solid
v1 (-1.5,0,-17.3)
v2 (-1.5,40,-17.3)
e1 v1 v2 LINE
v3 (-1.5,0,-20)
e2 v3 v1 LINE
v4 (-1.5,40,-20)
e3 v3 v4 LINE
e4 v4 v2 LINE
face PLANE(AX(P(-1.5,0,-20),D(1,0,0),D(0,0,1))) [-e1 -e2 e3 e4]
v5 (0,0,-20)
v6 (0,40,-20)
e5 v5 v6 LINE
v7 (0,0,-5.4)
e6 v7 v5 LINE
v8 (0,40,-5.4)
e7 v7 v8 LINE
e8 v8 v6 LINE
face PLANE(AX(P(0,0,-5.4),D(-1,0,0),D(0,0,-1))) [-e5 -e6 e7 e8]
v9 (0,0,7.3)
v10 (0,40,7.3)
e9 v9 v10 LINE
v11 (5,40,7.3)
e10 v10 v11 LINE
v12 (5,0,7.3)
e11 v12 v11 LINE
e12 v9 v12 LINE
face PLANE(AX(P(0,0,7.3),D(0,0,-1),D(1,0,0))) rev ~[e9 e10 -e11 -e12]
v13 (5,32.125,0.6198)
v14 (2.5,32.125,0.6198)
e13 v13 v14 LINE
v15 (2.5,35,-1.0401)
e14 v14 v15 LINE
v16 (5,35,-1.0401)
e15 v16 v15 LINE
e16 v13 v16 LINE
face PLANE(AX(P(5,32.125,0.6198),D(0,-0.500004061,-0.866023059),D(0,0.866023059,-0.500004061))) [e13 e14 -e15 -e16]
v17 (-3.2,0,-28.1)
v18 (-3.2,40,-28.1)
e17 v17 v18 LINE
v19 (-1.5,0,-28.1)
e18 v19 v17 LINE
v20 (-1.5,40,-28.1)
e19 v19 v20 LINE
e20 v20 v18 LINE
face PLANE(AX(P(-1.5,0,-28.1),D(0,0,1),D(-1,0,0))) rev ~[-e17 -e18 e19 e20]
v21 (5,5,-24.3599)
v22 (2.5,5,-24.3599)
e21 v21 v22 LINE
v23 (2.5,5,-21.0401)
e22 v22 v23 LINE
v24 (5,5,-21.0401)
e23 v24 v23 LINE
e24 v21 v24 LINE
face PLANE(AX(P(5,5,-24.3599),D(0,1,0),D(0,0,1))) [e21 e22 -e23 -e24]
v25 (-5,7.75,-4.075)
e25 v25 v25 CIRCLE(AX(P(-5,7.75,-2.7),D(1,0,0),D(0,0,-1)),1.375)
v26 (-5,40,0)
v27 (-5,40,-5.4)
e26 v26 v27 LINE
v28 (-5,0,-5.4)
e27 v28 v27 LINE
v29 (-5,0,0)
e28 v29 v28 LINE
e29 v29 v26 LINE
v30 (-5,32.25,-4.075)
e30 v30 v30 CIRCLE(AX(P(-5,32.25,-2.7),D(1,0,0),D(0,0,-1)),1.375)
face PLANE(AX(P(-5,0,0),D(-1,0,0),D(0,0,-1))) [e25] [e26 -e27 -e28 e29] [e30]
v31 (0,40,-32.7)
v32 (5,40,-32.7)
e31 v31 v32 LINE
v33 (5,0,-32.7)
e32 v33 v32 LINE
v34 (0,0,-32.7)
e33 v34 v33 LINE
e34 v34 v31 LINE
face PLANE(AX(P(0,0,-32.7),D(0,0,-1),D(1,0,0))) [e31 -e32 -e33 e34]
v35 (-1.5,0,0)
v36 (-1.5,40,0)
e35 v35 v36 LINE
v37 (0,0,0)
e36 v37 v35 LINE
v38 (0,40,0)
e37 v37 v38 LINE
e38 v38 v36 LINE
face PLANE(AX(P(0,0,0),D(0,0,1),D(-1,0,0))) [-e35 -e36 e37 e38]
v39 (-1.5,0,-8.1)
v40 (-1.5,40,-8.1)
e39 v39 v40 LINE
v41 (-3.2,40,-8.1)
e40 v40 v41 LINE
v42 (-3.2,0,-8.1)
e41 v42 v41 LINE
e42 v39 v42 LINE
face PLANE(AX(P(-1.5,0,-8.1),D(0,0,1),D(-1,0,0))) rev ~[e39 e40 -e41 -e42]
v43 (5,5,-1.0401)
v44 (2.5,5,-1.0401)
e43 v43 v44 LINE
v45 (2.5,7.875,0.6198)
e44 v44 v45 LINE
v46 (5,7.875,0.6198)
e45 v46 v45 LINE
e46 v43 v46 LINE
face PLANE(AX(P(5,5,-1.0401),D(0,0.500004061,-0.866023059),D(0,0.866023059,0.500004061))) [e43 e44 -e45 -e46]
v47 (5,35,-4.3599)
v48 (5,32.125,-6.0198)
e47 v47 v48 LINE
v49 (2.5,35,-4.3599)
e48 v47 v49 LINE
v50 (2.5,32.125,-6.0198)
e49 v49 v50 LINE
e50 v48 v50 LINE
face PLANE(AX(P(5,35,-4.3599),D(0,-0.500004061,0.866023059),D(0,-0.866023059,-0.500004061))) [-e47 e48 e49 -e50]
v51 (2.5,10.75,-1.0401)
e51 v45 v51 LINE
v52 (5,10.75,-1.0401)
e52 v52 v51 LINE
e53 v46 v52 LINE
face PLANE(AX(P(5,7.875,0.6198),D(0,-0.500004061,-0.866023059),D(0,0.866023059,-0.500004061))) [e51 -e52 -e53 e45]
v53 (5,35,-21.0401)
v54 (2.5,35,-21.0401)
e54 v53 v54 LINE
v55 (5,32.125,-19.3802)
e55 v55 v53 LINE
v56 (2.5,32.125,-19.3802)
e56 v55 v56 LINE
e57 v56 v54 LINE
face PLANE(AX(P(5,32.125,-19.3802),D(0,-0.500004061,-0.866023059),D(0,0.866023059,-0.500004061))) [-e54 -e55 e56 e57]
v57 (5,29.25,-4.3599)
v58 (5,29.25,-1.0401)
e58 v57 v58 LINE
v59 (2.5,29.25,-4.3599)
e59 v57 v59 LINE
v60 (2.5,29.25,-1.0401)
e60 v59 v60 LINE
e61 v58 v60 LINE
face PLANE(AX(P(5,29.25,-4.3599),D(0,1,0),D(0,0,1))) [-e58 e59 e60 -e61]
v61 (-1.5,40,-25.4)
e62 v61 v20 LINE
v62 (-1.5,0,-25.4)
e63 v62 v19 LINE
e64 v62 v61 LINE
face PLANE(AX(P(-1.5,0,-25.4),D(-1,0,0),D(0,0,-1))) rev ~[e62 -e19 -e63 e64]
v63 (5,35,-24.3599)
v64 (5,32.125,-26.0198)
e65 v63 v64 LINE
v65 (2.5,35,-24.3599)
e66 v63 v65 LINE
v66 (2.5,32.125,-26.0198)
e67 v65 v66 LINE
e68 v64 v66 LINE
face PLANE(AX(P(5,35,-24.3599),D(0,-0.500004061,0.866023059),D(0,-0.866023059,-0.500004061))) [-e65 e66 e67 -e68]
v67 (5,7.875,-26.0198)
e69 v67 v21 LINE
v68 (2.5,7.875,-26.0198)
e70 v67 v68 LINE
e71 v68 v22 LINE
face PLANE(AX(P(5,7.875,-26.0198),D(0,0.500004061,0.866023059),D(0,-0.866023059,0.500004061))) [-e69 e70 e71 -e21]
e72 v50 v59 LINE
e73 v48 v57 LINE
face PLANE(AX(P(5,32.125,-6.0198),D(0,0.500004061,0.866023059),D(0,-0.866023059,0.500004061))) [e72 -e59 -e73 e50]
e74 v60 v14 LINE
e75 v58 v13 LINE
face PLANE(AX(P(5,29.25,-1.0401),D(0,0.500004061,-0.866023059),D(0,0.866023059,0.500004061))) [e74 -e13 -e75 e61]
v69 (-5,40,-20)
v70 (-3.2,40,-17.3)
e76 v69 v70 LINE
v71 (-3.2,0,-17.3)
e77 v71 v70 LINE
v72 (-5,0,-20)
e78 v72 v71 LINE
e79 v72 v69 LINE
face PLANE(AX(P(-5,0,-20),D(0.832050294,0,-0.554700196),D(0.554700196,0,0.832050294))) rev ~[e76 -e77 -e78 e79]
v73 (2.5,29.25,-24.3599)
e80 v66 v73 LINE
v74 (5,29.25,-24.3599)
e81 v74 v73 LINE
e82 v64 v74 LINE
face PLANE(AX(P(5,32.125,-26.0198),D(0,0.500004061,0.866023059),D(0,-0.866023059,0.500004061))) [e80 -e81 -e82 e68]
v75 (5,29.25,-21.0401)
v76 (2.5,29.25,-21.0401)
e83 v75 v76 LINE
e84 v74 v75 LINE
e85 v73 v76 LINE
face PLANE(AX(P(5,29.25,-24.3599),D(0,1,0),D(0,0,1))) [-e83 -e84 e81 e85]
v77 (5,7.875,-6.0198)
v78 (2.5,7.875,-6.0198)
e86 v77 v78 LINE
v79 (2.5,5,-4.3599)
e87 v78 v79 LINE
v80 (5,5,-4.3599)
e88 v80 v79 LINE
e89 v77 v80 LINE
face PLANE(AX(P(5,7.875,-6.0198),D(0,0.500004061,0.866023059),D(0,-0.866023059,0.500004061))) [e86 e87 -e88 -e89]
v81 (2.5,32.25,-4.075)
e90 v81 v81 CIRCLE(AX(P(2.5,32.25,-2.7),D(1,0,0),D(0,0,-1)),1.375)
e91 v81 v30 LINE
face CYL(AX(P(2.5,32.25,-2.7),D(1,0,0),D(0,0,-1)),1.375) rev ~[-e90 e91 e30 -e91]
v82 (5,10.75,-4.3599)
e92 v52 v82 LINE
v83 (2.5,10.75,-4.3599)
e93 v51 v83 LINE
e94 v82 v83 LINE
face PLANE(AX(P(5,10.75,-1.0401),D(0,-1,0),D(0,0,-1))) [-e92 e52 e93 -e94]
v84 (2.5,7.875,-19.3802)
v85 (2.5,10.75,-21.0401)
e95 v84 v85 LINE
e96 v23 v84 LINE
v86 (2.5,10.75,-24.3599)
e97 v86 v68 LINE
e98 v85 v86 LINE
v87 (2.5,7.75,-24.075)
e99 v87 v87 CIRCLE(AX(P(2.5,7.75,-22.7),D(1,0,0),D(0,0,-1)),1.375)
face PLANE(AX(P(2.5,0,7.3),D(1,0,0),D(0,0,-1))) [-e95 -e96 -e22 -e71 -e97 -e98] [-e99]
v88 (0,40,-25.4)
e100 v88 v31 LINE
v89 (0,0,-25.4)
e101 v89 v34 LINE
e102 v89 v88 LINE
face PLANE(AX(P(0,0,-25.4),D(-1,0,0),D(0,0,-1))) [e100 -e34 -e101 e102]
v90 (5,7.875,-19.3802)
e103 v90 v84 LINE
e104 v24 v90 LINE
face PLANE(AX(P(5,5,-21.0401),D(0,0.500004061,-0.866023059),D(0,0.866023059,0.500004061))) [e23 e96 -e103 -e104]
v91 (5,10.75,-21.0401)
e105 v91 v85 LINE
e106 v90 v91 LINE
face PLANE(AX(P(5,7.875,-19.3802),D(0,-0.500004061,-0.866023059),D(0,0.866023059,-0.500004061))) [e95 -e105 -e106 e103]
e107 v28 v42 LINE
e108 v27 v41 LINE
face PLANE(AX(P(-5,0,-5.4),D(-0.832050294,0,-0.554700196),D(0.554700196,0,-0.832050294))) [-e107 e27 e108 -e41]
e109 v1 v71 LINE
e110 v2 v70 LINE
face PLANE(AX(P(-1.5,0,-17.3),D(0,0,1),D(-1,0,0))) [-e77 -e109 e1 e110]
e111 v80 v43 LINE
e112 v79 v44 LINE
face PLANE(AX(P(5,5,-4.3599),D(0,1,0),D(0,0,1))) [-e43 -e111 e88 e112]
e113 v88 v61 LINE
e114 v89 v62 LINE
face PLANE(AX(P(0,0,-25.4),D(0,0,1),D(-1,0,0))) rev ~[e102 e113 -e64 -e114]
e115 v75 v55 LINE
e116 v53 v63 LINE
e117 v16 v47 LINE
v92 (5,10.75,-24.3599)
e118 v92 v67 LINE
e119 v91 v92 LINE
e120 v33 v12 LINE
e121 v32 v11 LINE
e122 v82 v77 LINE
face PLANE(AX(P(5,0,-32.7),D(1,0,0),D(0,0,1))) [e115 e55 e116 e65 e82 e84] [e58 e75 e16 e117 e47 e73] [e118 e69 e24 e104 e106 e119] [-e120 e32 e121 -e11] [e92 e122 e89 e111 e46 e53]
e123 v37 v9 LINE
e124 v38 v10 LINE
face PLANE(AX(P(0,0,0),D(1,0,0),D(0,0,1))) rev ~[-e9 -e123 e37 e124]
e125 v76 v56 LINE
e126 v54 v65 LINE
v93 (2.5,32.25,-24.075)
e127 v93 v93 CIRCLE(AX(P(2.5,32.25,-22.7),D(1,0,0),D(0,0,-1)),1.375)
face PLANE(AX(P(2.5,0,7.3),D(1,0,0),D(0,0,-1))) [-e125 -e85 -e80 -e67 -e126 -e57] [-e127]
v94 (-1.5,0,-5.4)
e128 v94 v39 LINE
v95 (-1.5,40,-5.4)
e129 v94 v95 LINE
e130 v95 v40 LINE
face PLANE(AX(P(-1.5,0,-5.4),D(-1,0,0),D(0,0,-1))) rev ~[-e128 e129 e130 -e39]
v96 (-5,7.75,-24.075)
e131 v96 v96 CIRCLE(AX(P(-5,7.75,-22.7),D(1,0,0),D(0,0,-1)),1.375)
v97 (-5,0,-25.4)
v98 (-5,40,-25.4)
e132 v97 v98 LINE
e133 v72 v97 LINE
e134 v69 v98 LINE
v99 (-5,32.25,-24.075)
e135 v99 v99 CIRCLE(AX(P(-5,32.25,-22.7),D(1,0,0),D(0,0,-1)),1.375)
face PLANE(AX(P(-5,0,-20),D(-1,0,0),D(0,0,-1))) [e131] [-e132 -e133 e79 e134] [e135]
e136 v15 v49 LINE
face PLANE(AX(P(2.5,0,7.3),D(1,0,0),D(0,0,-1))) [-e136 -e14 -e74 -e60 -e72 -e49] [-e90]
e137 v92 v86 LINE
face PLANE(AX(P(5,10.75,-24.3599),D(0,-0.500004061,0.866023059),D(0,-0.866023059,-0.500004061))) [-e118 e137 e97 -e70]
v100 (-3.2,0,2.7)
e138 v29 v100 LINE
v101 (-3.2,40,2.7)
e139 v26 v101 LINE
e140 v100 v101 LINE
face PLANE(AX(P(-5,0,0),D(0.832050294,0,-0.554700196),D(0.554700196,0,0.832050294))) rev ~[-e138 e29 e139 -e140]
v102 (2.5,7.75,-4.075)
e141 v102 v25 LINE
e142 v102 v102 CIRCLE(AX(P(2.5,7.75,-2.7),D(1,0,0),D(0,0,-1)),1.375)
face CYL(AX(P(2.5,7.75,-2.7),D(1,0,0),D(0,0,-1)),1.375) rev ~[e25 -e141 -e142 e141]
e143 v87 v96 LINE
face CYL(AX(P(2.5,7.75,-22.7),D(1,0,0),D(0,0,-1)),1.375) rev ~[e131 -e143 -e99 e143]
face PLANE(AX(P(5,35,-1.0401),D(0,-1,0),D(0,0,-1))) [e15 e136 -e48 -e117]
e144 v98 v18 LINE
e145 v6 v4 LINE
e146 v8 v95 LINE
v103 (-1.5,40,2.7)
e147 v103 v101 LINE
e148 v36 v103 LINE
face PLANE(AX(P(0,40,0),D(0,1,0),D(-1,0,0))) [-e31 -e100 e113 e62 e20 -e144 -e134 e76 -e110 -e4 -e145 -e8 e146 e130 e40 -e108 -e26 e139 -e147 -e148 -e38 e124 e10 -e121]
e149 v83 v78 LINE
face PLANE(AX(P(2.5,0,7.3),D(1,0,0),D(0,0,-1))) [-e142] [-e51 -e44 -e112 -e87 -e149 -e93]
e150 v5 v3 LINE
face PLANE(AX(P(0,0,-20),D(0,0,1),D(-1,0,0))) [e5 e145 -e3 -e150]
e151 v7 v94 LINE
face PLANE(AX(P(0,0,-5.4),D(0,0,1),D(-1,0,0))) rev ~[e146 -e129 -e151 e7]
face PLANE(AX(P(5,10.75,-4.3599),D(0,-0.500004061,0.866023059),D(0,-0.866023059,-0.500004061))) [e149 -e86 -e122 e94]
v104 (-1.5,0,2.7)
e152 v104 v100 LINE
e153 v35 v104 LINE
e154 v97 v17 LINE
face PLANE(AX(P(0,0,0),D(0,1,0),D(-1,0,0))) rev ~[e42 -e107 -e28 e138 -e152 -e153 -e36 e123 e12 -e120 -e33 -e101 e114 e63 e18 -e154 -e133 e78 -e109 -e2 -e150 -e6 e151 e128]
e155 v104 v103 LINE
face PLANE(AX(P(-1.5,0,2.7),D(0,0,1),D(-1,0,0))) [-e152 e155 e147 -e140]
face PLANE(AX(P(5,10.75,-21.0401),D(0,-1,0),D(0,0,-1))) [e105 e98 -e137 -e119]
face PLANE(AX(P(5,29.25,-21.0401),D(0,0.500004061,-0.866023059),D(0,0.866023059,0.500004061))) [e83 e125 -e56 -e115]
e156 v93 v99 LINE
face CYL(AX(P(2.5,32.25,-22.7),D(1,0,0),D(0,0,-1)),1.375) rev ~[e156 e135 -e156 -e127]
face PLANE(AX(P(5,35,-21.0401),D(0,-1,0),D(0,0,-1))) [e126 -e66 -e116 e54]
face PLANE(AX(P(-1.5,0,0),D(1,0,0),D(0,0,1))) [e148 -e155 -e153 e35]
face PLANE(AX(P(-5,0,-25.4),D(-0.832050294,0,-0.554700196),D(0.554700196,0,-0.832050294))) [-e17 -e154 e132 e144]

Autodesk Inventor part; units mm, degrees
ref_plane "YZ Plane" through (0, 0, 0) normal (1, 0, 0) x (0, 1, 0)
ref_plane "XZ Plane" through (0, 0, 0) normal (0, 1, 0) x (-1, 0, 0)
ref_plane "XY Plane" through (0, 0, 0) normal (0, 0, 1) x (1, 0, 0)
sketch "Sketch1" plane through (0, 0, 0) normal (0, 1, 0) x (-1, 0, 0)
  line L0 (0, -5.4) -> (1.5, -5.4)
  line L1 (1.5, -5.4) -> (1.5, -8.1)
  line L2 (1.5, -8.1) -> (3.2, -8.1)
  line L3 (0, 0) -> (1.5, 0)
  line L4 (1.5, 0) -> (1.5, 2.7)
  line L5 (1.5, 2.7) -> (3.2, 2.7)
  line L6 (5, 0) -> (5, -5.4)
  line L7 (5, -5.4) -> (3.2, -8.1)
  line L8 (5, 0) -> (3.2, 2.7)
  line L9 (0, -20) -> (1.5, -20)
  line L10 (1.5, -20) -> (1.5, -17.3)
  line L11 (1.5, -17.3) -> (3.2, -17.3)
  line L12 (0, -25.4) -> (1.5, -25.4)
  line L13 (1.5, -25.4) -> (1.5, -28.1)
  line L14 (1.5, -28.1) -> (3.2, -28.1)
  line L15 (5, -20) -> (5, -25.4)
  line L16 (5, -25.4) -> (3.2, -28.1)
  line L17 (5, -20) -> (3.2, -17.3)
  line L18 (0, -5.4) -> (0, -20)
  line L19 (0, 0) -> (0, 7.3)
  line L20 (0, 7.3) -> (-5, 7.3)
  line L21 (0, -25.4) -> (0, -32.7)
  line L22 (0, -32.7) -> (-5, -32.7)
  line L23 (-5, -32.7) -> (-5, 7.3)
  dimension "d0" = 5.4
  dimension "d1" = 1.5
  dimension "d2" = 2.7
  dimension "d3" = 1.7
  dimension "d4" = 2.7
  dimension "d5" = 1.7
  dimension "d9" = 2.7
  dimension "d10" = 2.7
  dimension "d11" = 5.4
  dimension "d12" = 7.3
  dimension "d13" = 5
  dimension "d14" = 7.3
  dimension "d15" = 5
  dimension "d16" = 20
extrude "Extrusion1" add sketch "Sketch1" along normal blind 40
sketch "Sketch2" plane through (5, 0, 7.3) normal (1, 0, 0) x (0, 0, -1)
  line L0 (11.6599, 5) -> (8.3401, 5)
  line L1 (8.3401, 5) -> (6.6802, 7.875)
  line L2 (6.6802, 7.875) -> (8.3401, 10.75)
  line L3 (8.3401, 10.75) -> (11.6599, 10.75)
  line L4 (11.6599, 10.75) -> (13.3198, 7.875)
  line L5 (13.3198, 7.875) -> (11.6599, 5)
  line L6 (40, 0) -> (0, 0) projected
  line L7 (0, 0) -> (0, 40) projected
  line L8 (31.6599, 5) -> (28.3401, 5)
  line L9 (28.3401, 5) -> (26.6802, 7.875)
  line L10 (26.6802, 7.875) -> (28.3401, 10.75)
  line L11 (28.3401, 10.75) -> (31.6599, 10.75)
  line L12 (31.6599, 10.75) -> (33.3198, 7.875)
  line L13 (33.3198, 7.875) -> (31.6599, 5)
  line L14 (40, 0) -> (40, 40) projected
  line L15 (11.6599, 29.25) -> (8.3401, 29.25)
  line L16 (8.3401, 29.25) -> (6.6802, 32.125)
  line L17 (6.6802, 32.125) -> (8.3401, 35)
  line L18 (8.3401, 35) -> (11.6599, 35)
  line L19 (11.6599, 35) -> (13.3198, 32.125)
  line L20 (13.3198, 32.125) -> (11.6599, 29.25)
  line L21 (31.6599, 29.25) -> (28.3401, 29.25)
  line L22 (28.3401, 29.25) -> (26.6802, 32.125)
  line L23 (26.6802, 32.125) -> (28.3401, 35)
  line L24 (28.3401, 35) -> (31.6599, 35)
  line L25 (31.6599, 35) -> (33.3198, 32.125)
  line L26 (33.3198, 32.125) -> (31.6599, 29.25)
  line L27 (0, 40) -> (40, 40) projected
  point P0 (7.3, 0)
  point P1 (10, 7.875)
  point P2 (30, 7.875)
  point P3 (10, 32.125)
  point P4 (30, 32.125)
  dimension "d17" = 5.75
  dimension "d18" = 5
  dimension "d19" = 10
  dimension "d20" = 5.75
  dimension "d21" = 5
  dimension "d22" = 10
  dimension "d23" = 5.75
  dimension "d24" = 5.75
  dimension "d25" = 5
  dimension "d26" = 5
  dimension "d27" = 10
  dimension "d28" = 10
extrude "Extrusion2" cut sketch "Sketch2" against normal blind 2.5 contours L0 L1 L2 L3 L4 L5 | L8 L9 L10 L11 L12 L13 | L15 L16 L17 L18 L19 L20 | L21 L22 L23 L24 L25 L26
sketch "Sketch3" plane through (2.5, 0, 7.3) normal (1, 0, 0) x (0, 0, -1)
  circle A0 centre (30, 7.75) radius 1.375
  circle A1 centre (10, 7.75) radius 1.375
  circle A2 centre (10, 32.25) radius 1.375
  circle A3 centre (30, 32.25) radius 1.375
  point P0 (7.3, 0)
  dimension "d31" = 2.75
  dimension "d32" = 2.75
  dimension "d33" = 2.75
extrude "Extrusion3" cut sketch "Sketch3" against normal blind 20
properties part number "slotmountingPlate_dual_m3"
